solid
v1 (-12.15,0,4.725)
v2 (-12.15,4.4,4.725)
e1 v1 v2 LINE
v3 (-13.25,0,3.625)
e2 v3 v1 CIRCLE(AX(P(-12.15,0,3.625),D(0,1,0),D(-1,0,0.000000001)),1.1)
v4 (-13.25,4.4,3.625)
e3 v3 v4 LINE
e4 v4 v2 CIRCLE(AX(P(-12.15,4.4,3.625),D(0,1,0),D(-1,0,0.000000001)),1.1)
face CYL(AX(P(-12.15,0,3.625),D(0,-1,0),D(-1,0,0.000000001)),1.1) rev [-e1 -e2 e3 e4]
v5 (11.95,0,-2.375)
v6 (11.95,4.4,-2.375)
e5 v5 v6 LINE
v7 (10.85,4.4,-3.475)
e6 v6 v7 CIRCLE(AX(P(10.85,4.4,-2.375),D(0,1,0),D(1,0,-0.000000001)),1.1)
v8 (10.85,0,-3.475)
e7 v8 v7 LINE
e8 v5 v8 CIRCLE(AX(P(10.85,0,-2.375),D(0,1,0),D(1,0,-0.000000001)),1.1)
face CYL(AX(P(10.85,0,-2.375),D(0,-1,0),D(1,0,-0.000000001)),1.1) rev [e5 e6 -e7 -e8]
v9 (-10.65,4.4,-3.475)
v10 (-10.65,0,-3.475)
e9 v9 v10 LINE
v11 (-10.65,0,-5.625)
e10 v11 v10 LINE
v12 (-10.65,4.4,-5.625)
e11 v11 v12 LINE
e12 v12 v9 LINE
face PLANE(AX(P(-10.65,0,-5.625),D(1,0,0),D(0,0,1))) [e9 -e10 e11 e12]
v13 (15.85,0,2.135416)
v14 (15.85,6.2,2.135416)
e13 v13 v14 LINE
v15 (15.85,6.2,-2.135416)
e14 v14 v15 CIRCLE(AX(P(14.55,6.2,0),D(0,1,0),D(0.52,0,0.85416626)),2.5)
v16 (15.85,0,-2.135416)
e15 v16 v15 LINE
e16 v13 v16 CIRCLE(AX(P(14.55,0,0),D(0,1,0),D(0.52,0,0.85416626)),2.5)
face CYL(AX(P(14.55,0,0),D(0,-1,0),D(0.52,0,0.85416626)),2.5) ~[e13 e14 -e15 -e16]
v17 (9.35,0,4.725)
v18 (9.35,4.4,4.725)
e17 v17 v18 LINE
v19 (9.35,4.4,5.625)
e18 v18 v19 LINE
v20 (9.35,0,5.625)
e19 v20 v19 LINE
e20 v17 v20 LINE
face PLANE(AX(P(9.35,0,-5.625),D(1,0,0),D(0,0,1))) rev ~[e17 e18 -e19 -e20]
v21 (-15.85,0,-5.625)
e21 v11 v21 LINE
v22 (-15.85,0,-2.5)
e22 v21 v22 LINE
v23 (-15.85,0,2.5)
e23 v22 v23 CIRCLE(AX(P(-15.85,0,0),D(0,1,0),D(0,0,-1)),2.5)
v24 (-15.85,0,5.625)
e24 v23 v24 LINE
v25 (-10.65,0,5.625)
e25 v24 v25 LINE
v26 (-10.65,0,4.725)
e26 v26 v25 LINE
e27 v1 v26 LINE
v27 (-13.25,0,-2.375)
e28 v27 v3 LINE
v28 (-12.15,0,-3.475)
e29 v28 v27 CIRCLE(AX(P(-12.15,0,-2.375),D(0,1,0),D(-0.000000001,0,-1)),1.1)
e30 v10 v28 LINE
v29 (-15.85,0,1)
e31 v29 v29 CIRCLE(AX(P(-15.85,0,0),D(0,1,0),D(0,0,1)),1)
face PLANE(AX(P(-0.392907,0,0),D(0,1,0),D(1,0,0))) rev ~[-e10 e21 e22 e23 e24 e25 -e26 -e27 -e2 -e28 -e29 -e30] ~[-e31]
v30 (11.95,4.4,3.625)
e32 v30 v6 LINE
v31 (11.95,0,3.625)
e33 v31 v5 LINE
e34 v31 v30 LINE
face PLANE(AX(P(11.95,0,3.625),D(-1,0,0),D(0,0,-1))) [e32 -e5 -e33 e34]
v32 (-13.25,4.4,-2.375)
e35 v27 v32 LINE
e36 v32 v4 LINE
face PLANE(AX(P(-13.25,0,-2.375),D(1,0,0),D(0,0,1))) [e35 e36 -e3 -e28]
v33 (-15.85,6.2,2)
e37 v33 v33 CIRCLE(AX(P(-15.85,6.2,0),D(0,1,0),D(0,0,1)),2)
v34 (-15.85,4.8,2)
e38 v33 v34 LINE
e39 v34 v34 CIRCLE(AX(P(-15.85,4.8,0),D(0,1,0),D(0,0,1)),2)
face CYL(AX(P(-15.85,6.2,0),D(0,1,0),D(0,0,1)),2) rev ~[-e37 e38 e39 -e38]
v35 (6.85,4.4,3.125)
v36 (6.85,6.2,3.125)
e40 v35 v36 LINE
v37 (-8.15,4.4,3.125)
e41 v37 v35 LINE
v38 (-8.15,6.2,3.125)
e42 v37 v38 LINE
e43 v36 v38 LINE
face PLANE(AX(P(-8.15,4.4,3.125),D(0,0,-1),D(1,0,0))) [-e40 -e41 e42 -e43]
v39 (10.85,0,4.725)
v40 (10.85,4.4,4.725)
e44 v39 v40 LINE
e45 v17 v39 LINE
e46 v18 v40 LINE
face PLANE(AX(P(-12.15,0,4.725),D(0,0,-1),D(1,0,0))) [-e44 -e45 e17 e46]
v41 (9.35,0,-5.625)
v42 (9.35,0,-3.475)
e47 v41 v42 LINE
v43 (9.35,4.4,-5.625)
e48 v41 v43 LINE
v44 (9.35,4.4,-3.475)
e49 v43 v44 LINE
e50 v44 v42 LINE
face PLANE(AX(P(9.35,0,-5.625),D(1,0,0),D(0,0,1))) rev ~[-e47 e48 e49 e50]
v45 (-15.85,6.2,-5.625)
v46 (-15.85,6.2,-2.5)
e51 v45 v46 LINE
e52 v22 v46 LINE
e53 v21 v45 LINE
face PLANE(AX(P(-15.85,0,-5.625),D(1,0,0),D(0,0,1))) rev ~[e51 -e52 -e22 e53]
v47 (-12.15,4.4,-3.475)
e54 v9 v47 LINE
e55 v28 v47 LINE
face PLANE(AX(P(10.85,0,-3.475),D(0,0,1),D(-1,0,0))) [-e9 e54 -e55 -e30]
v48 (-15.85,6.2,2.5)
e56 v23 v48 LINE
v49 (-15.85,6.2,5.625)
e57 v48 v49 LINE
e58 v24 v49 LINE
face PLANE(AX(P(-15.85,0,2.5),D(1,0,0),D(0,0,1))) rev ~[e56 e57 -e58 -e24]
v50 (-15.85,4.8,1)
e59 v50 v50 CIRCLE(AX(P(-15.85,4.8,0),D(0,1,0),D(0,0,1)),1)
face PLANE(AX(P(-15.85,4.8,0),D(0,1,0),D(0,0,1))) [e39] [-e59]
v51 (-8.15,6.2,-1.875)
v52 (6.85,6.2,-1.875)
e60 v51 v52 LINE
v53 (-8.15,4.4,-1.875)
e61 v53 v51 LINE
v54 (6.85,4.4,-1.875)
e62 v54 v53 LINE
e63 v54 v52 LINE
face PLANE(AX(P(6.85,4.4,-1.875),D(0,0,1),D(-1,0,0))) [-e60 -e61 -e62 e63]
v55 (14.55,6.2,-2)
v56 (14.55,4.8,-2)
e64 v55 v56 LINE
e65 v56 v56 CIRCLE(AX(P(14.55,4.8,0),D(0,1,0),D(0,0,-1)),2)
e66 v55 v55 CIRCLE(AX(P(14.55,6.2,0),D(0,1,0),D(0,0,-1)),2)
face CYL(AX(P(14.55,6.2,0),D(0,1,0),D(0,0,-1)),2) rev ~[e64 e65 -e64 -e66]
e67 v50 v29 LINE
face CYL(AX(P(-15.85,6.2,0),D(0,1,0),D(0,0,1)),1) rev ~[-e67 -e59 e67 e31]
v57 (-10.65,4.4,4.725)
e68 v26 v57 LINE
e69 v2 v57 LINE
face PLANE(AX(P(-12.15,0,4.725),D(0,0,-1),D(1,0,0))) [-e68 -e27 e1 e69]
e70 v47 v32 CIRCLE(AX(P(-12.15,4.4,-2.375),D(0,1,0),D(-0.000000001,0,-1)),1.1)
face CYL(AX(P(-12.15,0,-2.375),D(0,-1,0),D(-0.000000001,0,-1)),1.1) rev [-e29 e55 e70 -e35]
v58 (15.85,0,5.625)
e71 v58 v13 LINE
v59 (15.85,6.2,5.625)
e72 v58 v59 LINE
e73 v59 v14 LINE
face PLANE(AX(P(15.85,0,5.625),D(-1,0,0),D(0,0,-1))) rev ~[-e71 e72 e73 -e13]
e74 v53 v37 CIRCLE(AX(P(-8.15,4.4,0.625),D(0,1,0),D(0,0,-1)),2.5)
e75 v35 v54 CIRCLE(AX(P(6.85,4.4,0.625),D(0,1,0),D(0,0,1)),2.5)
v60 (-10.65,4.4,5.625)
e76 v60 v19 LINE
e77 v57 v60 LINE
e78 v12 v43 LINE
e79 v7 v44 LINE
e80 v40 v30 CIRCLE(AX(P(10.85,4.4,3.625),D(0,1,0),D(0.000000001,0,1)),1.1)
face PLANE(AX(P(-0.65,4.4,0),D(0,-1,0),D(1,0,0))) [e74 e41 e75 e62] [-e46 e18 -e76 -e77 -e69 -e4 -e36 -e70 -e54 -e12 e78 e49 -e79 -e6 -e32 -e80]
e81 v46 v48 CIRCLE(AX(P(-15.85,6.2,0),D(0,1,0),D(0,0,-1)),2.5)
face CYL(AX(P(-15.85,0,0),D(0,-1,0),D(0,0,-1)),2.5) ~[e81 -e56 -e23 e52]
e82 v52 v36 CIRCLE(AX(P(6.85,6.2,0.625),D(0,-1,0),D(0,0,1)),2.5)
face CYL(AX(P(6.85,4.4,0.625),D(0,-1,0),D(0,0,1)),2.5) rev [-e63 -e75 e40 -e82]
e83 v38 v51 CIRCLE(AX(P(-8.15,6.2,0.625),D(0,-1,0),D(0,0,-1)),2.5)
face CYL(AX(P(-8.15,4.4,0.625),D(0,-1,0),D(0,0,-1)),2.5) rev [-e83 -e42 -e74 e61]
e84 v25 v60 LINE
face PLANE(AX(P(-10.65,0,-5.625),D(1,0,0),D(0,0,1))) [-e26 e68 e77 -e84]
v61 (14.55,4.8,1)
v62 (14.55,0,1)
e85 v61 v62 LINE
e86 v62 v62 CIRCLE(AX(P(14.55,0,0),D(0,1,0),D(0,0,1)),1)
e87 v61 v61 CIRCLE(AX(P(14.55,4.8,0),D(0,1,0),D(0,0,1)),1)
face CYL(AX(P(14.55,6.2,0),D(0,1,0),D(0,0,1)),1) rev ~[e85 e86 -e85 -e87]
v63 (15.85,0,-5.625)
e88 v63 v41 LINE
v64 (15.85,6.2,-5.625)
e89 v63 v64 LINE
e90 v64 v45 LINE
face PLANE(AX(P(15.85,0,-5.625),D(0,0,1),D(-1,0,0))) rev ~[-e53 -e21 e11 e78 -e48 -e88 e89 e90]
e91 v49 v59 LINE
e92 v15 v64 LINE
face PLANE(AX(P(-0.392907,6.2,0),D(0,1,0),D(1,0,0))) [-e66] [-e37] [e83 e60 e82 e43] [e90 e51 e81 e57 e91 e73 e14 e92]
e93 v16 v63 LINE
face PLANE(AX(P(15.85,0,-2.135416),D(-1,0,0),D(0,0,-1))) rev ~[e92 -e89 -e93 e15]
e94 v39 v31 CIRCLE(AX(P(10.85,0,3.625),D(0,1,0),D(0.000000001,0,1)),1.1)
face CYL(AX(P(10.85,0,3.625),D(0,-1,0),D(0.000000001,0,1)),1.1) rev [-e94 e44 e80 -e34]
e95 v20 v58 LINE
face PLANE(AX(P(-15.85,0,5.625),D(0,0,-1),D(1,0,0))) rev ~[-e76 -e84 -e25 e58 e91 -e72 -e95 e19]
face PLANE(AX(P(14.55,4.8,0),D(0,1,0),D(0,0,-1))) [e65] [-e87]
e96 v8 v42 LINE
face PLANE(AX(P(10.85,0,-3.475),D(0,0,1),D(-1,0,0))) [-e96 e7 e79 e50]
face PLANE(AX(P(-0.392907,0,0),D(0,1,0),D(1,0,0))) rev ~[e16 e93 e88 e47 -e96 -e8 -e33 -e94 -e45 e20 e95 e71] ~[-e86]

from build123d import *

# Parameters (mm, degrees)
EXTRUDE_1_DEPTH     = 6.2
SKETCH_2_W          = 20
SKETCH_2_H          = 11.25
CUT_EXTRUDE_1_DEPTH = 4.4
CUT_EXTRUDE_2_DEPTH = 4.4
SKETCH_4_R          = 1
CUT_EXTRUDE_3_DEPTH = 21.169361046
SKETCH_5_R          = 2
CUT_EXTRUDE_4_DEPTH = 1.4
CUT_EXTRUDE_5_DEPTH = 4.4
CUT_EXTRUDE_6_DEPTH = 4.2


with BuildPart() as part:
    # 草图1 → 凸台-拉伸1 (new body)
    with BuildSketch(Plane(origin=(0, 0, 0), x_dir=(1, 0, 0), z_dir=(0, 1, 0))):
        with BuildLine():
            Line((-15.85, -5.625), (15.85, -5.625))
            Line((15.85, -5.625), (15.85, -2.13541565))
            ThreePointArc((15.85, -2.13541565), (17.05, 0), (15.85, 2.13541565))
            Line((15.85, 2.13541565), (15.85, 5.625))
            Line((15.85, 5.625), (-15.85, 5.625))
            Line((-15.85, 5.625), (-15.85, 2.5))
            ThreePointArc((-15.85, 2.5), (-18.35, 0), (-15.85, -2.5))
            Line((-15.85, -2.5), (-15.85, -5.625))
        make_face()
    extrude(amount=EXTRUDE_1_DEPTH)

    # 草图2 → 切除-拉伸1 (cut)
    with BuildSketch(Plane.XZ):
        with Locations((-0.65, 0)):
            Rectangle(SKETCH_2_W, SKETCH_2_H)
    extrude(amount=-CUT_EXTRUDE_1_DEPTH, mode=Mode.SUBTRACT)

    # 草图3 → 切除-拉伸2 (cut)
    with BuildSketch(Plane.XZ):
        with BuildLine():
            Line((-12.15, 4.625), (10.85, 4.625))
            ThreePointArc((10.85, 4.625), (11.557106781, 4.332106781), (11.85, 3.625))
            Line((11.85, 3.625), (11.85, -2.375))
            ThreePointArc((11.85, -2.375), (11.557106781, -3.082106781), (10.85, -3.375))
            Line((10.85, -3.375), (-12.15, -3.375))
            ThreePointArc((-12.15, -3.375), (-12.857106781, -3.082106781), (-13.15, -2.375))
            Line((-13.15, -2.375), (-13.15, 3.625))
            ThreePointArc((-13.15, 3.625), (-12.857106781, 4.332106781), (-12.15, 4.625))
        make_face()
    extrude(amount=-CUT_EXTRUDE_2_DEPTH, mode=Mode.SUBTRACT)

    # 草图4 → 切除-拉伸3 (cut, through all)
    with BuildSketch(Plane(origin=(0, 6.2, 0), x_dir=(1, 0, 0), z_dir=(0, 1, 0))):
        with Locations((-15.85, 0)):
            Circle(SKETCH_4_R)
        with Locations((14.55, 0)):
            Circle(SKETCH_4_R)
    extrude(amount=-CUT_EXTRUDE_3_DEPTH, mode=Mode.SUBTRACT)

    # 草图5 → 切除-拉伸4 (cut)
    with BuildSketch(Plane(origin=(0, 6.2, 0), x_dir=(1, 0, 0), z_dir=(0, 1, 0))):
        with Locations((-15.85, 0)):
            Circle(SKETCH_5_R)
        with Locations((14.55, 0)):
            Circle(SKETCH_5_R)
    extrude(amount=-CUT_EXTRUDE_4_DEPTH, mode=Mode.SUBTRACT)

    # 草图6 → 切除-拉伸5 (cut)
    with BuildSketch(Plane.XZ):
        with BuildLine():
            Line((11.95, 3.625), (11.95, -2.375))
            ThreePointArc((11.95, -2.375), (11.627817459, -3.152817459), (10.85, -3.475))
            Line((10.85, -3.475), (-12.15, -3.475))
            ThreePointArc((-12.15, -3.475), (-12.927817459, -3.152817459), (-13.25, -2.375))
            Line((-13.25, -2.375), (-13.25, 3.625))
            ThreePointArc((-13.25, 3.625), (-12.927817459, 4.402817459), (-12.15, 4.725))
            Line((-12.15, 4.725), (10.85, 4.725))
            ThreePointArc((10.85, 4.725), (11.627817459, 4.402817459), (11.95, 3.625))
        make_face()
    extrude(amount=-CUT_EXTRUDE_5_DEPTH, mode=Mode.SUBTRACT)

    # 草图7 → 切除-拉伸6 (cut)
    with BuildSketch(Plane.XZ.offset(-4.4)):
        with BuildLine():
            Line((-8.15, 3.125), (6.85, 3.125))
            ThreePointArc((6.85, 3.125), (9.35, 0.625), (6.85, -1.875))
            Line((6.85, -1.875), (-8.15, -1.875))
            ThreePointArc((-8.15, -1.875), (-10.65, 0.625), (-8.15, 3.125))
        make_face()
    extrude(amount=-CUT_EXTRUDE_6_DEPTH, mode=Mode.SUBTRACT)


solid = part.part
